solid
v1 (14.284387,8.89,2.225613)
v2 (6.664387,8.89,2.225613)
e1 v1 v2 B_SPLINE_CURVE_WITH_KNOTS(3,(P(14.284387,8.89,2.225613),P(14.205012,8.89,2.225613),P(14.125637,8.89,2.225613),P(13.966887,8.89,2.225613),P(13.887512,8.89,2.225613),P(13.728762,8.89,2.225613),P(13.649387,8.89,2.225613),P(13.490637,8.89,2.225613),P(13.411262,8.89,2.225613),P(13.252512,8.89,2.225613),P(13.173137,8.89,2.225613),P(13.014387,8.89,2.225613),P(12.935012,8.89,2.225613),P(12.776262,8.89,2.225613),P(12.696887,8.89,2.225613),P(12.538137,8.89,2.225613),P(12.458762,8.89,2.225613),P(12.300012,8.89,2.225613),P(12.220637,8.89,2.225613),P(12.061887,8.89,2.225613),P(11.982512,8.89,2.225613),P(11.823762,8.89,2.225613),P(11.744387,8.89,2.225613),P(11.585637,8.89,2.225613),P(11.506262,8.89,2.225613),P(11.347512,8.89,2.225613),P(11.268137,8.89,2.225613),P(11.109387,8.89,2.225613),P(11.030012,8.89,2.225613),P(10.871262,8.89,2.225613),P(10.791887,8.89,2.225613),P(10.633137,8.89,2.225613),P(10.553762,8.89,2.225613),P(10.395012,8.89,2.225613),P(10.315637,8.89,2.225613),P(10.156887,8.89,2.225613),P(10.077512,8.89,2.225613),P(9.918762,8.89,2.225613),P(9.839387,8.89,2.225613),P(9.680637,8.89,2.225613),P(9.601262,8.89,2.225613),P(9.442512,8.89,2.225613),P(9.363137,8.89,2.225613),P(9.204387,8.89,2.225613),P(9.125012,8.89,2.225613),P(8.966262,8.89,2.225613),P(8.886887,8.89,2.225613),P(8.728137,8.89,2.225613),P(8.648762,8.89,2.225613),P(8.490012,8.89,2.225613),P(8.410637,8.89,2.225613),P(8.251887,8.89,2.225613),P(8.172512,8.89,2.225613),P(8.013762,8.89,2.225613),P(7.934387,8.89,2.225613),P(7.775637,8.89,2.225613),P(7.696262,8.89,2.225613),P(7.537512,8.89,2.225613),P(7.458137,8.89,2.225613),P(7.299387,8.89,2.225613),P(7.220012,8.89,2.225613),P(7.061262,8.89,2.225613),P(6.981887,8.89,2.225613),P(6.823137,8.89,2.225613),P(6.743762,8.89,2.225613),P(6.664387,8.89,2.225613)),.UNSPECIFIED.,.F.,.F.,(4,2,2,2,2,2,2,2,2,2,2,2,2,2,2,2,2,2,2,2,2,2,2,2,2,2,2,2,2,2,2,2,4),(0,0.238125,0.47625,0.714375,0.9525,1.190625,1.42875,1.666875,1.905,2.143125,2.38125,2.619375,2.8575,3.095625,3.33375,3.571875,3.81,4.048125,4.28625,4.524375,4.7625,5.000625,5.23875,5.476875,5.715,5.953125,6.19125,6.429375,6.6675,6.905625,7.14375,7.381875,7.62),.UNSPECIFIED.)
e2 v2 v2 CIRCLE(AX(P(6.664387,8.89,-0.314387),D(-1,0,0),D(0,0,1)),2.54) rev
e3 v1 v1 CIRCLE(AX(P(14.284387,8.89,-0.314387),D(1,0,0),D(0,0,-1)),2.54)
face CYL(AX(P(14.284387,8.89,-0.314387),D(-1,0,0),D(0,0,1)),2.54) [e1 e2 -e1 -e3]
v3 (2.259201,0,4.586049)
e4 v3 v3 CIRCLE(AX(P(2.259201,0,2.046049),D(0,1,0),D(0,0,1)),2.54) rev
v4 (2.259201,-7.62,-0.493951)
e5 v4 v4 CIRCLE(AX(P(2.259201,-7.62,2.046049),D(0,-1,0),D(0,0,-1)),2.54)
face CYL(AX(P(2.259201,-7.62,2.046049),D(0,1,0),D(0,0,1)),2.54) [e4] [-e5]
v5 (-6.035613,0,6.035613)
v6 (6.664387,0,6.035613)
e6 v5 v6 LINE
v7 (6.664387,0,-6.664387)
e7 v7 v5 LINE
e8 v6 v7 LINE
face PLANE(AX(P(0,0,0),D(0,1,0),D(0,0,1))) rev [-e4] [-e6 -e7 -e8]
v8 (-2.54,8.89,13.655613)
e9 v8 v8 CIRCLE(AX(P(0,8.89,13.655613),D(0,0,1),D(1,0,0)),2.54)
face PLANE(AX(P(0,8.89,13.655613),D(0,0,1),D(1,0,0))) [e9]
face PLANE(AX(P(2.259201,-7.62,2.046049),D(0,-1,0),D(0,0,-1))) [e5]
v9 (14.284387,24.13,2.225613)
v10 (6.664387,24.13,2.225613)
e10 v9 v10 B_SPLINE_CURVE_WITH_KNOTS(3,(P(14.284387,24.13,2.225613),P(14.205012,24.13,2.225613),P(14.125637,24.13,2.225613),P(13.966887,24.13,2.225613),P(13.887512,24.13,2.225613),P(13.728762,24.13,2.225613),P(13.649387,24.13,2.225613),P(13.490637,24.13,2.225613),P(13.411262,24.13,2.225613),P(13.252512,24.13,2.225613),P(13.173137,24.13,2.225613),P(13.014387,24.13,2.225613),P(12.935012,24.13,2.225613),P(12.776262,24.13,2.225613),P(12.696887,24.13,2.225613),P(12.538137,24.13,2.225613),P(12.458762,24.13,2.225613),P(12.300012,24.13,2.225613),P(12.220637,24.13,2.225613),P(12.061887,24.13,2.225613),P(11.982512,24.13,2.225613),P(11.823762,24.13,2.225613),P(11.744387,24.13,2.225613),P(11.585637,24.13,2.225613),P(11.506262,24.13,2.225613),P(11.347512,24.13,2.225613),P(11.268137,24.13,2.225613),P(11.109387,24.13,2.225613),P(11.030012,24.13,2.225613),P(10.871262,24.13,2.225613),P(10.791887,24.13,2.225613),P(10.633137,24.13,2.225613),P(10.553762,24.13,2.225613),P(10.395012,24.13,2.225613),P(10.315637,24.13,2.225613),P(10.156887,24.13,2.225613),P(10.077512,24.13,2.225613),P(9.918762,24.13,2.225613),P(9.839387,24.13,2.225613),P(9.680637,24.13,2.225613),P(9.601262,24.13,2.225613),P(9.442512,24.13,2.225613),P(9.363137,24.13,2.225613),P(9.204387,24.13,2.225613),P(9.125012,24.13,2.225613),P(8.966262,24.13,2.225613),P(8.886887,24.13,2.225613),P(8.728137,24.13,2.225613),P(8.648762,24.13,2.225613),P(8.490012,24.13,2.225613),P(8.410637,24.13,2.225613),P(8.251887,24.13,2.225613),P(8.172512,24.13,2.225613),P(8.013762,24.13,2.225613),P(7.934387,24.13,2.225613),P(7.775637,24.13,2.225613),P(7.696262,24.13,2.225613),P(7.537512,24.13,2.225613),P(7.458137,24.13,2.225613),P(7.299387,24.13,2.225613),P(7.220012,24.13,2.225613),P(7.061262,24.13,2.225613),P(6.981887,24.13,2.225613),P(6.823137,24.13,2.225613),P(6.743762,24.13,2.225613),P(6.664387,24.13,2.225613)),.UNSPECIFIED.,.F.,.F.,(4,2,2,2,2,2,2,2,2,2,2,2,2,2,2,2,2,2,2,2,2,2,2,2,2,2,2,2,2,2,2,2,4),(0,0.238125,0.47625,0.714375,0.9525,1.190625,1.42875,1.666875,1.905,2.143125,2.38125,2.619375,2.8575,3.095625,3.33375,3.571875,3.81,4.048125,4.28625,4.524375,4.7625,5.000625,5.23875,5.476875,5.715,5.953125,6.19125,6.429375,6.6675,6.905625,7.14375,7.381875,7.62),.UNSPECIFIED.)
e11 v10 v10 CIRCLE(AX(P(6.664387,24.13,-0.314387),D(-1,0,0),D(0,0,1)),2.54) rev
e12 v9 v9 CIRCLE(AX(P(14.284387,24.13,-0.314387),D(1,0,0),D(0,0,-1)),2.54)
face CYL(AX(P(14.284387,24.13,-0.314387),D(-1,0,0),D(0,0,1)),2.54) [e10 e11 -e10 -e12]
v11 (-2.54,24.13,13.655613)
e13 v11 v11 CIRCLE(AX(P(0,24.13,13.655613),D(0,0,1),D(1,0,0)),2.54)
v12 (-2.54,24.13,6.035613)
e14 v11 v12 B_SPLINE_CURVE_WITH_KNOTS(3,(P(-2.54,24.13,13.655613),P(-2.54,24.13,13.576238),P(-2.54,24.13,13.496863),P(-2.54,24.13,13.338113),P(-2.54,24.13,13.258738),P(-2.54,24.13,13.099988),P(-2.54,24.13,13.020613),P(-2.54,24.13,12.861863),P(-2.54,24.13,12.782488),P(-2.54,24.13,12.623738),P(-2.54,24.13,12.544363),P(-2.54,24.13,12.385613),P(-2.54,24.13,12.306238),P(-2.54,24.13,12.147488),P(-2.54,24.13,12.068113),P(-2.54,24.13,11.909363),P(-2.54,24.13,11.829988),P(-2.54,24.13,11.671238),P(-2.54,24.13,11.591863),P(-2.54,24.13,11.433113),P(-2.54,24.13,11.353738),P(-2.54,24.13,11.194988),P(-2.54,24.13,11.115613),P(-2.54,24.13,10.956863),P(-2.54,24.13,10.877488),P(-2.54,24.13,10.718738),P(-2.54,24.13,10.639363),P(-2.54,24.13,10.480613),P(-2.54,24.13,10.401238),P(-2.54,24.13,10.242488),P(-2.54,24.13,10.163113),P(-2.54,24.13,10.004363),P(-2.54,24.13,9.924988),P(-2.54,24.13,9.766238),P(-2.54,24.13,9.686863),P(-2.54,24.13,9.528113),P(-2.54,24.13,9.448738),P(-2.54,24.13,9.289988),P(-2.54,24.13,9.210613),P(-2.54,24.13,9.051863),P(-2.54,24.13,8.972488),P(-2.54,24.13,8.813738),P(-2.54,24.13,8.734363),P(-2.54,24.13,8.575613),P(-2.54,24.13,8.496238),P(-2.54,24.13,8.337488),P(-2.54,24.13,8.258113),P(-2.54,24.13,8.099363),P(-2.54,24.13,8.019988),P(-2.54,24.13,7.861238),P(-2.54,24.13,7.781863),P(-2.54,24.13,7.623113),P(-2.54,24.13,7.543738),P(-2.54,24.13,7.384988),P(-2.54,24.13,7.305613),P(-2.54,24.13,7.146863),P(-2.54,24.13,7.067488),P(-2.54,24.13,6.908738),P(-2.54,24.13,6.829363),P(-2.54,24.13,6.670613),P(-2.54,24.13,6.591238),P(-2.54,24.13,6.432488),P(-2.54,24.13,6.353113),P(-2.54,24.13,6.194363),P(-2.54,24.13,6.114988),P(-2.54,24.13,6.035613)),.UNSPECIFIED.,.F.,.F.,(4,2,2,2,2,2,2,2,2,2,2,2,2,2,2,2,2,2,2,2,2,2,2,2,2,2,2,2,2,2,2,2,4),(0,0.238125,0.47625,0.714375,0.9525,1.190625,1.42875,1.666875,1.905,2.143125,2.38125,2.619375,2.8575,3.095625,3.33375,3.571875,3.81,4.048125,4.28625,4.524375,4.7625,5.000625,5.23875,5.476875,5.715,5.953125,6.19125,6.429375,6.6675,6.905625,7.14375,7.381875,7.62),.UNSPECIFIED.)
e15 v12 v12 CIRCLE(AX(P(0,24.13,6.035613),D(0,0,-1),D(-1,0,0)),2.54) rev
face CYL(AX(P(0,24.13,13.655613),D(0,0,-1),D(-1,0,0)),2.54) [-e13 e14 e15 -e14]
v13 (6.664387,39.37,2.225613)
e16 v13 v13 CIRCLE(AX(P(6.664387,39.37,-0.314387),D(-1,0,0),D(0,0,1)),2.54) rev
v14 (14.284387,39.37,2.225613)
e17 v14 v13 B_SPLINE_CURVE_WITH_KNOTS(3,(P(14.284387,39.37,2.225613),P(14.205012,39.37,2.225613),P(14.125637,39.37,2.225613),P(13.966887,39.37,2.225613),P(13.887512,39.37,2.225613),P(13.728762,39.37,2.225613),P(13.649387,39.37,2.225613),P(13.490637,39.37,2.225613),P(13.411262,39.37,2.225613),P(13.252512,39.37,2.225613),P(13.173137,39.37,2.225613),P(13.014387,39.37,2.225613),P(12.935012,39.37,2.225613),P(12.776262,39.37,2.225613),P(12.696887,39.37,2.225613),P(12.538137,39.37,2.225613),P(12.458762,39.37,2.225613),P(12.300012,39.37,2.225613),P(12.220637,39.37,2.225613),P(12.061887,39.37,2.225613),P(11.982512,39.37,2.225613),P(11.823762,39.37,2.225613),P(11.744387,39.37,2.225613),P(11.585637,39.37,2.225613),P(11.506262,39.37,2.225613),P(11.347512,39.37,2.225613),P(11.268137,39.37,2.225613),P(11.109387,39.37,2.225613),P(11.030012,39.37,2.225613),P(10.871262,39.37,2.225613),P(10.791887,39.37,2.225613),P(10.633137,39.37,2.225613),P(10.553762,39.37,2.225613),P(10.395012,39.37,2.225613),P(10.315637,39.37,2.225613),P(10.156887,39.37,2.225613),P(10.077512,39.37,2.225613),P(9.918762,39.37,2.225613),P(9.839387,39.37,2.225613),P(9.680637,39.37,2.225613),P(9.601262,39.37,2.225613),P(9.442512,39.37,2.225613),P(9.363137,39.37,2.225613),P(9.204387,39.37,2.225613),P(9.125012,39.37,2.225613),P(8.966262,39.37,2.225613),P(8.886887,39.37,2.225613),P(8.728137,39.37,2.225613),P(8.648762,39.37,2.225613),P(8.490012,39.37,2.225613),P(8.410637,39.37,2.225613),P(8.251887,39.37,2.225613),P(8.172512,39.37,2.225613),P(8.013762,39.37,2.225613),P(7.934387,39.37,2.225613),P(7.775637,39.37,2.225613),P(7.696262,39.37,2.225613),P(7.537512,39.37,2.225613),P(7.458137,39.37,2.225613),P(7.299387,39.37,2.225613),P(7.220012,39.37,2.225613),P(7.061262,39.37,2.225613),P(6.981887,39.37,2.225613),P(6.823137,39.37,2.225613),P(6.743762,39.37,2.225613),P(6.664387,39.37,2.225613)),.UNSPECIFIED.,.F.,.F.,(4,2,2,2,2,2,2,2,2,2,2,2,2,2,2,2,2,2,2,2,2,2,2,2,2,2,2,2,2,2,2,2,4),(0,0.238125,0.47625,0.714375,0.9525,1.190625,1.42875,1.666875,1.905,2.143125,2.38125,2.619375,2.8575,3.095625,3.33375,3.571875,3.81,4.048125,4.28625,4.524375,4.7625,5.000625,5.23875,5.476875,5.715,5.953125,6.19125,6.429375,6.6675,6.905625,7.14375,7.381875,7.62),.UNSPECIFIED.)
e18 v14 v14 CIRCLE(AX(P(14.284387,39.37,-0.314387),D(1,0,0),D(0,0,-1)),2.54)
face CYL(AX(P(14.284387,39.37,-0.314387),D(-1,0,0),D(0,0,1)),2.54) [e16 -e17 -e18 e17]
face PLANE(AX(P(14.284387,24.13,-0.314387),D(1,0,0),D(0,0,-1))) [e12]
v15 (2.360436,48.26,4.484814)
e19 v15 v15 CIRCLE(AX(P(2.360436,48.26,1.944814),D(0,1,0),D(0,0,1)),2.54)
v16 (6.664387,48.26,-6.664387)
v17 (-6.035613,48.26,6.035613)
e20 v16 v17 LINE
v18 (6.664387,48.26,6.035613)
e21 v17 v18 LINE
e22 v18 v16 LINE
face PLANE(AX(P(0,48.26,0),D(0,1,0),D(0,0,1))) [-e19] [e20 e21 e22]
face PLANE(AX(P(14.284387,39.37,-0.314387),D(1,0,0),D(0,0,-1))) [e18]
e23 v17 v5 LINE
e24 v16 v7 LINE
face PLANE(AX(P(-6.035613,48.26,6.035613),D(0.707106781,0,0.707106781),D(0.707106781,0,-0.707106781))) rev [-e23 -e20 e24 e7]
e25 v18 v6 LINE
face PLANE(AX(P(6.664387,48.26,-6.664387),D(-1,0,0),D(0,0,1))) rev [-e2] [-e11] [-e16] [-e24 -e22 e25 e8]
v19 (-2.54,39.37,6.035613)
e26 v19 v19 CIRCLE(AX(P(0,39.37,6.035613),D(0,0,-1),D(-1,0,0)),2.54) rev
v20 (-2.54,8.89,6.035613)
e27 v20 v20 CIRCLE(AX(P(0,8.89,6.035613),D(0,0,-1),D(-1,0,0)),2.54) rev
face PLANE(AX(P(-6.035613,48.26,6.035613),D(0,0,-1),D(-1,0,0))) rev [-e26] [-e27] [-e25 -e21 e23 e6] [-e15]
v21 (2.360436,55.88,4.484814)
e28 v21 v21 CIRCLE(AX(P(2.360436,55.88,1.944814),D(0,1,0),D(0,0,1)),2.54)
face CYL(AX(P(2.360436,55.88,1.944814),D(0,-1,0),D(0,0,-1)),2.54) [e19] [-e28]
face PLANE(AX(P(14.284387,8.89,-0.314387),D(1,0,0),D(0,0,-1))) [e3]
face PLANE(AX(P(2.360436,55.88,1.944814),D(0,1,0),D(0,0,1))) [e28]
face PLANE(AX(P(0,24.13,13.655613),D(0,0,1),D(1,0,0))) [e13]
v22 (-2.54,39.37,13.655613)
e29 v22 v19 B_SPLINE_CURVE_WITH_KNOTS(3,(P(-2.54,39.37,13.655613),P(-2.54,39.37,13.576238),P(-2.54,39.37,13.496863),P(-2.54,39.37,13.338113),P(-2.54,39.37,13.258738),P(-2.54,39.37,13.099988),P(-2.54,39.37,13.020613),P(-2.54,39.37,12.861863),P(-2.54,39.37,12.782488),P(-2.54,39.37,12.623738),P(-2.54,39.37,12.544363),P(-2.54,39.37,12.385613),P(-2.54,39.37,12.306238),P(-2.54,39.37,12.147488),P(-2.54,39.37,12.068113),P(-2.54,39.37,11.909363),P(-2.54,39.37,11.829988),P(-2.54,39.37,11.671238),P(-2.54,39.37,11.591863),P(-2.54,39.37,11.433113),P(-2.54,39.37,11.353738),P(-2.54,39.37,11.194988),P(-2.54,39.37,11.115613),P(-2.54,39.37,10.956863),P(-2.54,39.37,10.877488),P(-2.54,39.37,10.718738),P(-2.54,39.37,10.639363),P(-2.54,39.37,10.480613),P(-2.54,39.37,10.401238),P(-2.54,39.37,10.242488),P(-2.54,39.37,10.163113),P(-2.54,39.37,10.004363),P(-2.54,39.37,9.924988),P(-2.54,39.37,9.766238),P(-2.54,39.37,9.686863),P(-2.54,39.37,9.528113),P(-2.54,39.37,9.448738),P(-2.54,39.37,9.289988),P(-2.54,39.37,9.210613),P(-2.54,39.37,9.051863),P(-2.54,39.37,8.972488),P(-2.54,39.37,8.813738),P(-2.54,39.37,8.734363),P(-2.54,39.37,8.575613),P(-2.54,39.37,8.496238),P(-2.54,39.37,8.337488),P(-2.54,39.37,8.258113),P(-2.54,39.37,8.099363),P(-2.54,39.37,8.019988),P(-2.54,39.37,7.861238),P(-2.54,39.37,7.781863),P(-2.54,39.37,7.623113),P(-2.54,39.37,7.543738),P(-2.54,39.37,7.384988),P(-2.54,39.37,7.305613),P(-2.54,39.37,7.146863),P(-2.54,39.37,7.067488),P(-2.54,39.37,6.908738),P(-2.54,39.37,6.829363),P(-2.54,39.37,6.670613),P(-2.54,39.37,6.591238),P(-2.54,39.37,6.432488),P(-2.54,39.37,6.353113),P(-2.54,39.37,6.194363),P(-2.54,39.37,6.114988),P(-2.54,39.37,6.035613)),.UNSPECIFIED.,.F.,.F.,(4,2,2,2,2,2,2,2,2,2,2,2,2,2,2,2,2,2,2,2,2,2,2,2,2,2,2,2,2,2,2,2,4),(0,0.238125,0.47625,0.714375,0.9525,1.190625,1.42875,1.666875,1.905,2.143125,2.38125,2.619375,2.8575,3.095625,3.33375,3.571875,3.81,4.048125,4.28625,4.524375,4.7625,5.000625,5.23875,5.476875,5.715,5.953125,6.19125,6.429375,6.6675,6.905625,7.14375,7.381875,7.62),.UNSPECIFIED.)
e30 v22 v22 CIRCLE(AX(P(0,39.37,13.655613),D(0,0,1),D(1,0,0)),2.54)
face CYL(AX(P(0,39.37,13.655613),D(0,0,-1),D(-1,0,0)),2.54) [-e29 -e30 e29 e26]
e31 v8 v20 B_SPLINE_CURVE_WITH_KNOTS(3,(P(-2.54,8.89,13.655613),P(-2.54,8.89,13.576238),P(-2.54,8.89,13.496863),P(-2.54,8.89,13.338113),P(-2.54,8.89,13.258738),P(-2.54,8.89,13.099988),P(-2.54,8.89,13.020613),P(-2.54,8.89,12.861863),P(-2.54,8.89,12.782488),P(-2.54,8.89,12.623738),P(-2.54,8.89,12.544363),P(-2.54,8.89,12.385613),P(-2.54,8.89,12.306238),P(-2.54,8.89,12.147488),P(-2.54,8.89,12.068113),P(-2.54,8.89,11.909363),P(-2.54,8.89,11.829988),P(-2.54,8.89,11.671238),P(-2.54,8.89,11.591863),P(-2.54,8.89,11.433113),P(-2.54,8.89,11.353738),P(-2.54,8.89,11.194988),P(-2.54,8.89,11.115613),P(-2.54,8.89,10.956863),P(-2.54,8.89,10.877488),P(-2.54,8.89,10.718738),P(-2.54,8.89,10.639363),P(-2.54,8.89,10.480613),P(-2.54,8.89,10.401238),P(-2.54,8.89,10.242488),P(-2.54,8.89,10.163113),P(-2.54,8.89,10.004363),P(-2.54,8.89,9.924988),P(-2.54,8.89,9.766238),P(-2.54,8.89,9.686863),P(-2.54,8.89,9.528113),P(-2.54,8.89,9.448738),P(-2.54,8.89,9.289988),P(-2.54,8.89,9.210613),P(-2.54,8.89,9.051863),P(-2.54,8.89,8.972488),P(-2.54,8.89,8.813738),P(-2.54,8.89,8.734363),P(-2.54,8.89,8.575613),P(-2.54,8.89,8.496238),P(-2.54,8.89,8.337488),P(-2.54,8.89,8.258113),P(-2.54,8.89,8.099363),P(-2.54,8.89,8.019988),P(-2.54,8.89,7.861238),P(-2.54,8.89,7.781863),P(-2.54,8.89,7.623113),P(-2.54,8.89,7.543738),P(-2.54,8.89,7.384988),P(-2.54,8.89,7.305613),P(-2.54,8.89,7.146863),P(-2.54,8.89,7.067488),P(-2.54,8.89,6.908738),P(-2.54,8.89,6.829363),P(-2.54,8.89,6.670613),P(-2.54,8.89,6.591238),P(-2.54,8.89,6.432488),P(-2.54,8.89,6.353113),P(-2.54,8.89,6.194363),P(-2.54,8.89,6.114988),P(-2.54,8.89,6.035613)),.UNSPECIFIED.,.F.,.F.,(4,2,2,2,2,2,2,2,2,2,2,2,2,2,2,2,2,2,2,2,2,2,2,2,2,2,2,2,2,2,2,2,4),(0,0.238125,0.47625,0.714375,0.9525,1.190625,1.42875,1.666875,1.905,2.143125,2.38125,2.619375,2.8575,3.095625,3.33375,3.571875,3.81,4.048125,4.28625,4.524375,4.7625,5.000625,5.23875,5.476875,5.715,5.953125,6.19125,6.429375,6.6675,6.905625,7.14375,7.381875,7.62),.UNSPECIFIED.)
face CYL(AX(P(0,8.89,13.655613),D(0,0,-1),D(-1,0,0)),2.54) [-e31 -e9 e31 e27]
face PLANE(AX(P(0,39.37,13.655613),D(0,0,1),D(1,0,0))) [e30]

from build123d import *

# Parameters (mm, degrees)
BOSS_EXTRUDE1_DEPTH = 48.26
SKETCH6_R           = 2.54
BOSS_EXTRUDE3_DEPTH = 7.62
SKETCH7_R           = 2.54
BOSS_EXTRUDE4_DEPTH = 7.62
SKETCH8_R           = 2.54
BOSS_EXTRUDE5_DEPTH = 7.62
SKETCH9_R           = 2.54
BOSS_EXTRUDE6_DEPTH = 7.62


with BuildPart() as part:
    # Sketch4 → Boss-Extrude1 (new body)
    with BuildSketch(Plane(origin=(0, 0, 0), x_dir=(1, 0, 0), z_dir=(0, 1, 0))):
        Polygon((-6.035613044, -6.035613044), (6.664386956, 6.664386956), (6.664386956, -6.035613044), align=None)
    extrude(amount=BOSS_EXTRUDE1_DEPTH)

    # Sketch6 → Boss-Extrude3 (add)
    with BuildSketch(Plane.XY.offset(6.035613044)):
        with Locations(Location((0, 8.89, 0), (0, 0, 180))):
            Circle(SKETCH6_R)
        with Locations(Location((0, 24.13, 0), (0, 0, 180))):
            Circle(SKETCH6_R)
        with Locations(Location((0, 39.37, 0), (0, 0, 180))):
            Circle(SKETCH6_R)
    extrude(amount=BOSS_EXTRUDE3_DEPTH)

    # Sketch7 → Boss-Extrude4 (add)
    with BuildSketch(Plane(origin=(6.664386956, 0, 0), x_dir=(0, 0, -1), z_dir=(1, 0, 0))):
        with Locations(Location((0.314386956, 8.89, 0), (0, 0, 180))):
            Circle(SKETCH7_R)
        with Locations(Location((0.314386956, 24.13, 0), (0, 0, 180))):
            Circle(SKETCH7_R)
        with Locations(Location((0.314386956, 39.37, 0), (0, 0, 180))):
            Circle(SKETCH7_R)
    extrude(amount=BOSS_EXTRUDE4_DEPTH)

    # Sketch8 → Boss-Extrude5 (add)
    with BuildSketch(Plane.XZ):
        with Locations(Location((2.25920074, 2.046048879, 0), (0, 0, 90))):
            Circle(SKETCH8_R)
    extrude(amount=BOSS_EXTRUDE5_DEPTH)

    # Sketch9 → Boss-Extrude6 (add)
    with BuildSketch(Plane(origin=(0, 48.26, 0), x_dir=(1, 0, 0), z_dir=(0, 1, 0))):
        with Locations(Location((2.360435834, -1.944813785, 0), (0, 0, 270))):
            Circle(SKETCH9_R)
    extrude(amount=BOSS_EXTRUDE6_DEPTH)


solid = part.part
